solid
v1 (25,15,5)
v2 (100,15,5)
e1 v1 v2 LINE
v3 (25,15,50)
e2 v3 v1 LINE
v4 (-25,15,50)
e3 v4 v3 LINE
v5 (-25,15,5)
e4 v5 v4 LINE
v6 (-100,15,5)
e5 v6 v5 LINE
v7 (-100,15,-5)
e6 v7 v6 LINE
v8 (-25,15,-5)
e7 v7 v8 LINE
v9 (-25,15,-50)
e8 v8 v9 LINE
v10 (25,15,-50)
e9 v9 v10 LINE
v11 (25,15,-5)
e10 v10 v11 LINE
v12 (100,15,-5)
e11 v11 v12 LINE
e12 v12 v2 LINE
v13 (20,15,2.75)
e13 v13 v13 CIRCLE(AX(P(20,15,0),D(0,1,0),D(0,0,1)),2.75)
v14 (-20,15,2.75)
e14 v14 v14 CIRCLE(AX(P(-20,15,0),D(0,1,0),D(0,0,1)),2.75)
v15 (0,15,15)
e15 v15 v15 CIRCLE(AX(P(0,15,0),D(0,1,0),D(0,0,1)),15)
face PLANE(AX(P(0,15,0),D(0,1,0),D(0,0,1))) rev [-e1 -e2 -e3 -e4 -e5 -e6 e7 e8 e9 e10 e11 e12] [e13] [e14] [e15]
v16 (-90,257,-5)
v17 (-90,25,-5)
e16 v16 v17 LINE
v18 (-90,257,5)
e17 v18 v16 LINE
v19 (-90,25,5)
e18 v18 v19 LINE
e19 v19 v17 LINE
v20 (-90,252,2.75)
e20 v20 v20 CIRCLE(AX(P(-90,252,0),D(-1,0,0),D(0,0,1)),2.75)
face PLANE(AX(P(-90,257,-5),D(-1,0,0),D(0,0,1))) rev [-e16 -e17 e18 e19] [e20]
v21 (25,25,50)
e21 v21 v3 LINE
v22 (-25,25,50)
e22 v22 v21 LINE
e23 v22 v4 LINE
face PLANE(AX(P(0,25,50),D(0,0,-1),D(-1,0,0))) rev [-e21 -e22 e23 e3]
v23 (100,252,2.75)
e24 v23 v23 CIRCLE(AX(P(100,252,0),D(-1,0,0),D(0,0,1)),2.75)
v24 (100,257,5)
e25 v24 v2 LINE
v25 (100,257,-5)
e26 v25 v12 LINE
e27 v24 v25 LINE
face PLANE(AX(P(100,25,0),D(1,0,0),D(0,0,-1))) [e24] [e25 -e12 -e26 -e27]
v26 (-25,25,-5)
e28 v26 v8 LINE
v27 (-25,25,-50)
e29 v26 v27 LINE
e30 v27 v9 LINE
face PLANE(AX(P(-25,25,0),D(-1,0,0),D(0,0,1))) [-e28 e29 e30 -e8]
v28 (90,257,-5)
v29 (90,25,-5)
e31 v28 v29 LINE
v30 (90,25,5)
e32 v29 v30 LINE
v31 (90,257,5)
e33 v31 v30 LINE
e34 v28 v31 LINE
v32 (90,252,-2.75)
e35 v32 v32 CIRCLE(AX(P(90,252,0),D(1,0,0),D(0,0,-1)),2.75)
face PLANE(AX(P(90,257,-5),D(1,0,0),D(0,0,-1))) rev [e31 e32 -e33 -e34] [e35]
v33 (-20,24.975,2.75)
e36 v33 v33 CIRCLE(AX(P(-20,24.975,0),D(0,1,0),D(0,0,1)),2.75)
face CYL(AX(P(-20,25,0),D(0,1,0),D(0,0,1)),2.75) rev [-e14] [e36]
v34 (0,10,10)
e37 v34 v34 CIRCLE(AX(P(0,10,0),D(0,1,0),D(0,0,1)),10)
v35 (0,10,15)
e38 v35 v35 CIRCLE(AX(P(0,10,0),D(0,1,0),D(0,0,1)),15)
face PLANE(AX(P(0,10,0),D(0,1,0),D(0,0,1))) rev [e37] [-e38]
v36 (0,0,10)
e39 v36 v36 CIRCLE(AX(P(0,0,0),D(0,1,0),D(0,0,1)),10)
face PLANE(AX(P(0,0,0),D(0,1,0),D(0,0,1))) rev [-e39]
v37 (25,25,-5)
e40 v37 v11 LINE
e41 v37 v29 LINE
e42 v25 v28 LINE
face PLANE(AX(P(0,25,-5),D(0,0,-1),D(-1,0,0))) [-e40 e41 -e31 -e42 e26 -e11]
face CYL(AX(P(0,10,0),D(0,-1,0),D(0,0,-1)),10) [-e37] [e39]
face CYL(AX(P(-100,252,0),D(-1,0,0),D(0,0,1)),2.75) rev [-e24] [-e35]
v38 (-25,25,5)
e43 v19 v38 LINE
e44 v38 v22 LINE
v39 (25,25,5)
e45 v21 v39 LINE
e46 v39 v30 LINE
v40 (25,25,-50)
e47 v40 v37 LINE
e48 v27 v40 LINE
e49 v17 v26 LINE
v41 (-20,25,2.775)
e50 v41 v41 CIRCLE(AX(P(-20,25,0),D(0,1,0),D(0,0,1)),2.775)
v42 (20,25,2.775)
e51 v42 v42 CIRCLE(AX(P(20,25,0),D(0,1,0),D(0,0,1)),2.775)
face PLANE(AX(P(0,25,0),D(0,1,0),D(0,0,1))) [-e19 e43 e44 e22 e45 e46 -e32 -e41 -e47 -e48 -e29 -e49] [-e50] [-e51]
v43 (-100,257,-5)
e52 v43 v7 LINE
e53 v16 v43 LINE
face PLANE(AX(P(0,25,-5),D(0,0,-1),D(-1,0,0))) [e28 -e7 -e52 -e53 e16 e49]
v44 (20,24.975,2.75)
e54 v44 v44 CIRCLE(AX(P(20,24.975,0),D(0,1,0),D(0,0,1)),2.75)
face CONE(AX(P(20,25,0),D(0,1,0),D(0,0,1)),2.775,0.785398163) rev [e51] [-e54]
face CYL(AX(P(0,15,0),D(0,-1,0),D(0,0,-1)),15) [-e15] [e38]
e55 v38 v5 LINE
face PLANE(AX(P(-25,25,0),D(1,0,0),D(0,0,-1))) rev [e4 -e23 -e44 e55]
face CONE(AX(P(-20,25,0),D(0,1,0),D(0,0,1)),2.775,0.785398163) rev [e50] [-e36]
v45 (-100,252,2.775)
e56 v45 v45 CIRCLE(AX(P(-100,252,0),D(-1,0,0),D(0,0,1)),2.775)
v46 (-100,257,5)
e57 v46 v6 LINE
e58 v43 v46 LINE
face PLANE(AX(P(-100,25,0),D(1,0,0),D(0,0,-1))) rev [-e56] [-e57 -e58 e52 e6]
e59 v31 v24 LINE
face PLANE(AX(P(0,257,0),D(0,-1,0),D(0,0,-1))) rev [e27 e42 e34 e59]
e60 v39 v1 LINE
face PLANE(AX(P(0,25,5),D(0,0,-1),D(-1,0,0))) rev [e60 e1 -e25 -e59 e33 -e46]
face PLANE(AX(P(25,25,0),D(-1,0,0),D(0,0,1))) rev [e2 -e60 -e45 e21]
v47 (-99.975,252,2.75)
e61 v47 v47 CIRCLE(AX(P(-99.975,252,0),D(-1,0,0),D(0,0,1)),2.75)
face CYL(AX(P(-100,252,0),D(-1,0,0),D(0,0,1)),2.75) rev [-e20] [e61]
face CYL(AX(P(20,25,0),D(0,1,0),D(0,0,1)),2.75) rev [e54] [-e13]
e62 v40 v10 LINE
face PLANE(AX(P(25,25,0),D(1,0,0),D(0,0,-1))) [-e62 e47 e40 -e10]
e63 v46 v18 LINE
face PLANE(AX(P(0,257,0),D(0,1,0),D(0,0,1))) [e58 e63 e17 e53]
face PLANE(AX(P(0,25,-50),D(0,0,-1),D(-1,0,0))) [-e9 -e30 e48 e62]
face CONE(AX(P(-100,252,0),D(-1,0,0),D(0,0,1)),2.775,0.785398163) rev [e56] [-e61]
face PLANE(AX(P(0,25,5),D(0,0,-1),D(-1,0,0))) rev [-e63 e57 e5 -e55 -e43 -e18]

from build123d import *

# Parameters (mm, degrees)
SKETCH1_R                      = 10
BOSS_EXTRUDE1_DEPTH            = 10
SKETCH4_R                      = 15
BOSS_EXTRUDE4_DEPTH            = 5
BOSS_EXTRUDE2_DEPTH            = 10
SKETCH3_W                      = 10
SKETCH3_H                      = 10
BOSS_EXTRUDE3_DEPTH            = 232
M5_CLEARANCE_HOLE1_D           = 5.5
M5_CLEARANCE_HOLE1_CSINK_D     = 5.55
M5_CLEARANCE_HOLE1_CSINK_ANGLE = 90
M5_CLEARANCE_HOLE2_D           = 5.5
M5_CLEARANCE_HOLE2_CSINK_D     = 5.55
M5_CLEARANCE_HOLE2_CSINK_ANGLE = 90


with BuildPart() as part:
    # Sketch1 → Boss-Extrude1 (new body)
    with BuildSketch(Plane(origin=(0, 0, 0), x_dir=(1, 0, 0), z_dir=(0, 1, 0))):
        with Locations(Location((0, 0, 0), (0, 0, 270))):
            Circle(SKETCH1_R)
    extrude(amount=BOSS_EXTRUDE1_DEPTH)

    # Sketch4 → Boss-Extrude4 (add)
    with BuildSketch(Plane(origin=(0, 10, 0), x_dir=(1, 0, 0), z_dir=(0, 1, 0))):
        with Locations(Location((0, 0, 0), (0, 0, 270))):
            Circle(SKETCH4_R)
    extrude(amount=BOSS_EXTRUDE4_DEPTH)

    # Sketch2 → Boss-Extrude2 (add)
    with BuildSketch(Plane(origin=(0, 15, 0), x_dir=(1, 0, 0), z_dir=(0, 1, 0))):
        with BuildLine():
            Line((-25, 50), (-25, 5))
            Line((-25, 5), (-14.142135624, 5))
            ThreePointArc((-14.142135624, 5), (0, 15), (14.142135624, 5))
            Line((14.142135624, 5), (25, 5))
            Line((25, 5), (25, 50))
            Line((25, 50), (-25, 50))
        make_face()
        with BuildLine():
            Line((-14.142135624, 5), (-25, 5))
            Line((-25, 5), (-100, 5))
            Line((-100, 5), (-100, -5))
            Line((-100, -5), (-25, -5))
            Line((-25, -5), (-14.142135624, -5))
            ThreePointArc((-14.142135624, -5), (-15, 0), (-14.142135624, 5))
        make_face()
        with BuildLine():
            ThreePointArc((14.142135624, -5), (0, -15), (-14.142135624, -5))
            Line((-14.142135624, -5), (-25, -5))
            Line((-25, -5), (-25, -50))
            Line((-25, -50), (25, -50))
            Line((25, -50), (25, -5))
            Line((25, -5), (14.142135624, -5))
        make_face()
        with BuildLine():
            Line((25, 5), (14.142135624, 5))
            ThreePointArc((14.142135624, 5), (14.783978395, 2.536529681), (15, 0))
            ThreePointArc((15, 0), (14.783978395, -2.536529681), (14.142135624, -5))
            Line((14.142135624, -5), (25, -5))
            Line((25, -5), (100, -5))
            Line((100, -5), (100, 5))
            Line((100, 5), (25, 5))
        make_face()
        with BuildLine():
            Line((14.142135624, 5), (-14.142135624, 5))
            ThreePointArc((-14.142135624, 5), (-15, 0), (-14.142135624, -5))
            Line((-14.142135624, -5), (14.142135624, -5))
            ThreePointArc((14.142135624, -5), (14.783978395, -2.536529681), (15, 0))
            ThreePointArc((15, 0), (14.783978395, 2.536529681), (14.142135624, 5))
        make_face()
        with BuildLine():
            ThreePointArc((14.142135624, 5), (0, 15), (-14.142135624, 5))
            Line((-14.142135624, 5), (14.142135624, 5))
        make_face()
        with BuildLine():
            Line((14.142135624, -5), (-14.142135624, -5))
            ThreePointArc((-14.142135624, -5), (0, -15), (14.142135624, -5))
        make_face()
    extrude(amount=BOSS_EXTRUDE2_DEPTH)

    # Sketch3 → Boss-Extrude3 (add)
    with BuildSketch(Plane(origin=(0, 25, 0), x_dir=(1, 0, 0), z_dir=(0, 1, 0))):
        with Locations((-95, 0)):
            Rectangle(SKETCH3_W, SKETCH3_H)
        with Locations((95, 0)):
            Rectangle(SKETCH3_W, SKETCH3_H)
    extrude(amount=BOSS_EXTRUDE3_DEPTH)

    # M5 Clearance Hole1 (through all)
    with Locations(Plane.ZY.offset(100)):
        with Locations((0, 252)):
            CounterSinkHole(M5_CLEARANCE_HOLE1_D / 2, M5_CLEARANCE_HOLE1_CSINK_D / 2, counter_sink_angle=M5_CLEARANCE_HOLE1_CSINK_ANGLE)

    # M5 Clearance Hole2 (through all)
    with Locations(Plane(origin=(0, 25, 0), x_dir=(1, 0, 0), z_dir=(0, 1, 0))):
        with Locations((-20, 0), (20, 0)):
            CounterSinkHole(M5_CLEARANCE_HOLE2_D / 2, M5_CLEARANCE_HOLE2_CSINK_D / 2, counter_sink_angle=M5_CLEARANCE_HOLE2_CSINK_ANGLE)


solid = part.part
